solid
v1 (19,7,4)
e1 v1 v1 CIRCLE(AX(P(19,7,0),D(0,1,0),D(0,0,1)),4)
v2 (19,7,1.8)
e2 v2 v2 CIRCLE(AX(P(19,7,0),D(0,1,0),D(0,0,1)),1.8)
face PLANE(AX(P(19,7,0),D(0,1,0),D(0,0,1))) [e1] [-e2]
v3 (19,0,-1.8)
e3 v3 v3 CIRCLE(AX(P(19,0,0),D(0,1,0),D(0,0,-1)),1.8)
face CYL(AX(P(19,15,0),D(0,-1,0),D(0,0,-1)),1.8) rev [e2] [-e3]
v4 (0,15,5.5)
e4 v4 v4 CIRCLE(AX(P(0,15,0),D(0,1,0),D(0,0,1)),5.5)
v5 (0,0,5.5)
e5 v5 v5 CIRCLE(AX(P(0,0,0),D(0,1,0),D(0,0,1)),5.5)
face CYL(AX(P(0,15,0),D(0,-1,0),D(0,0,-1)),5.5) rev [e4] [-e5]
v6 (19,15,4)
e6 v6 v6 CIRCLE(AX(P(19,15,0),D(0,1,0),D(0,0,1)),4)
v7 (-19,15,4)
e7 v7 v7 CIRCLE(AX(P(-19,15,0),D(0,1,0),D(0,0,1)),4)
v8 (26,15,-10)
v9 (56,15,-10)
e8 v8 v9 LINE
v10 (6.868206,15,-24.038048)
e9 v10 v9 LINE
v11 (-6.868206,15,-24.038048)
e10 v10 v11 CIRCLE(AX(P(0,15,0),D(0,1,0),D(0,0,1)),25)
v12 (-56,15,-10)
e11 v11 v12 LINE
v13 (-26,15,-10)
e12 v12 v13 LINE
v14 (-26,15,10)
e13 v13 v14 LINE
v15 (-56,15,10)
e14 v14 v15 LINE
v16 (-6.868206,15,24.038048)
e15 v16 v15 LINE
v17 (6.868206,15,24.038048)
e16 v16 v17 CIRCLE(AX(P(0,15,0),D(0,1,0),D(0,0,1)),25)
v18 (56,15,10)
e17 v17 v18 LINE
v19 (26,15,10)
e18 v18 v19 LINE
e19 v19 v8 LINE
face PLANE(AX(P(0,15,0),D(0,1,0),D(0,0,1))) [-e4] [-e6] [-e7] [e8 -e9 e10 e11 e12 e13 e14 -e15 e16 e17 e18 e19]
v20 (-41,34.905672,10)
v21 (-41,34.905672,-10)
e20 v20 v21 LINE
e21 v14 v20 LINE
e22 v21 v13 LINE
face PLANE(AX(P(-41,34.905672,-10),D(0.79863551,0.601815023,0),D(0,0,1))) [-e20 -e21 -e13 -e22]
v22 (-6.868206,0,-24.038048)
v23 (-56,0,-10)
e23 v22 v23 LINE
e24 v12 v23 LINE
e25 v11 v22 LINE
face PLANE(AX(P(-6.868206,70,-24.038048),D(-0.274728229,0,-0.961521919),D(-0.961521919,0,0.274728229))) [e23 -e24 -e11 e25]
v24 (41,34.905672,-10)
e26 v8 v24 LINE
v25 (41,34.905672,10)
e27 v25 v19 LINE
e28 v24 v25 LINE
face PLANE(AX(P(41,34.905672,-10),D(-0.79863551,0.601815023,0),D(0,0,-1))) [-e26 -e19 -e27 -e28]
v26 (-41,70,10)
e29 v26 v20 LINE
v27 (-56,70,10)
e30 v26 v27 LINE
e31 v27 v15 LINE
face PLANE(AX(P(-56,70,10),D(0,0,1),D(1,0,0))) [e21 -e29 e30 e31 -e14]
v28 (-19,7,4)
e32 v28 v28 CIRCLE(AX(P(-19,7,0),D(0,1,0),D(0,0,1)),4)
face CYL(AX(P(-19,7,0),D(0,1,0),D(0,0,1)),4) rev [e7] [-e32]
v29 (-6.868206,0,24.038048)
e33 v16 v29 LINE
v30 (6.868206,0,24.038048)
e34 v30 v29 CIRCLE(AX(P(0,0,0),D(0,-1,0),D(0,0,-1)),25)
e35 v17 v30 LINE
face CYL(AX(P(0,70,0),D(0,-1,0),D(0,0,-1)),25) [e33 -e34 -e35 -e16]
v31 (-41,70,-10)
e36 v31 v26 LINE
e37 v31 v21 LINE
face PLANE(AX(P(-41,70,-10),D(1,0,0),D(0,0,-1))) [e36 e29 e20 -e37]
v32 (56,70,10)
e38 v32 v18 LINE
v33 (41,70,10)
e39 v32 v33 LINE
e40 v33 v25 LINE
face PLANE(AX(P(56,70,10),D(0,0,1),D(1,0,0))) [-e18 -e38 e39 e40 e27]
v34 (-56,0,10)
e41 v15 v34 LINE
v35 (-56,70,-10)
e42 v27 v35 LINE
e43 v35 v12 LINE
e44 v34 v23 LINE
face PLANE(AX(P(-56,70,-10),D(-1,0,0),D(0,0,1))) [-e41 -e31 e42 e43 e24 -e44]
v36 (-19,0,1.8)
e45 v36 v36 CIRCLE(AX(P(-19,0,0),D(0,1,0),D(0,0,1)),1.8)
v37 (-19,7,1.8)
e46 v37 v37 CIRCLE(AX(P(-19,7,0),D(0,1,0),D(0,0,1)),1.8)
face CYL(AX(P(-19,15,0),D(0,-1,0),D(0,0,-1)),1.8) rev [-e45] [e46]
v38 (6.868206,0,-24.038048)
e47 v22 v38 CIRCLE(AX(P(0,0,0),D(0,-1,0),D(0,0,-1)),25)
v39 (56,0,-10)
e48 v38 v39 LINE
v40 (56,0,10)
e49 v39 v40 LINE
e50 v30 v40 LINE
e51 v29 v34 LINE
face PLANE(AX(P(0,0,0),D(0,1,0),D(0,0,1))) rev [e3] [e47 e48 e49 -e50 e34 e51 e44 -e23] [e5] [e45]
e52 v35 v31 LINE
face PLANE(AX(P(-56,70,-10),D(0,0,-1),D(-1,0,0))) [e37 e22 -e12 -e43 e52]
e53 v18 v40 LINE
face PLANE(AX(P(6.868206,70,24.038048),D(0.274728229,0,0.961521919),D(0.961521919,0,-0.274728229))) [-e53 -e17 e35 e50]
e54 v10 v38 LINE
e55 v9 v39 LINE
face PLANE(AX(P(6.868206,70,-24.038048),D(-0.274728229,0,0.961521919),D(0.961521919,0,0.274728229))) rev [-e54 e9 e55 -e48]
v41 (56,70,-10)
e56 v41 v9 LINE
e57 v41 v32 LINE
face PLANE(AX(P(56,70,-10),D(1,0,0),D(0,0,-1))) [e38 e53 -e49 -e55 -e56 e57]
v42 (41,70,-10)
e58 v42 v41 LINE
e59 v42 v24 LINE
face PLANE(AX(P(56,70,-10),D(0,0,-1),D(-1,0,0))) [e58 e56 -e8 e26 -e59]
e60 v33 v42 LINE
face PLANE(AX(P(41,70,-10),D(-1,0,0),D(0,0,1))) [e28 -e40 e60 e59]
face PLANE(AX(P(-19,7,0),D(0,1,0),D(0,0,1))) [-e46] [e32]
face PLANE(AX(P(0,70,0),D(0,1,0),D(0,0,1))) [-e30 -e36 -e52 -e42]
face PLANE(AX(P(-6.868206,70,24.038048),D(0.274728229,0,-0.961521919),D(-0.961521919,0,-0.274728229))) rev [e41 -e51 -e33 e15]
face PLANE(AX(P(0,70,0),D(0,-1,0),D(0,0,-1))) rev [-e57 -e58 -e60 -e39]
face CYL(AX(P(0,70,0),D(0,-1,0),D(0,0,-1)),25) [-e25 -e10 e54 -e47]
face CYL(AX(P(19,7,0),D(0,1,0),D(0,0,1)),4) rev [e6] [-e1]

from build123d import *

# Parameters (mm, degrees)
SKETCH1_R               = 25
SKETCH1_R_2             = 1.8
SKETCH1_R_3             = 5.5
BOSS_EXTRUDE1_DEPTH     = 15
SKETCH2_R               = 4
CUT_EXTRUDE1_DEPTH      = 8
SKETCH3_W               = 82
SKETCH3_H               = 50
SKETCH3_R               = 24.5
BOSS_EXTRUDE2_DEPTH     = 15
SKETCH4_W               = 15
SKETCH4_H               = 20
BOSS_EXTRUDE3_DEPTH     = 70
CUT_EXTRUDE2_DEPTH      = 94.064493766
CUT_EXTRUDE2_DEPTH_BACK = 94.064493766
BOSS_EXTRUDE4_DEPTH     = 15
CHAMFER1_SIZE           = 15
CHAMFER1_SIZE2          = 19.905672324


with BuildPart() as part:
    # Sketch1 → Boss-Extrude1 (new body)
    with BuildSketch(Plane(origin=(0, 0, 0), x_dir=(1, 0, 0), z_dir=(0, 1, 0))):
        with Locations(Location((0, 0, 0), (0, 0, 270))):
            Circle(SKETCH1_R)
        with Locations(Location((-19, 0, 0), (0, 0, 270))):
            Circle(SKETCH1_R_2, mode=Mode.SUBTRACT)
        with Locations(Location((19, 0, 0), (0, 0, 90))):
            Circle(SKETCH1_R_2, mode=Mode.SUBTRACT)
        with Locations(Location((0, 0, 0), (0, 0, 270))):
            Circle(SKETCH1_R_3, mode=Mode.SUBTRACT)
    extrude(amount=BOSS_EXTRUDE1_DEPTH)

    # Sketch2 → Cut-Extrude1 (cut)
    with BuildSketch(Plane(origin=(0, 15, 0), x_dir=(1, 0, 0), z_dir=(0, 1, 0))):
        with Locations(Location((-19, 0, 0), (0, 0, 270))):
            Circle(SKETCH2_R)
        with Locations(Location((19, 0, 0), (0, 0, 270))):
            Circle(SKETCH2_R)
    extrude(amount=-CUT_EXTRUDE1_DEPTH, mode=Mode.SUBTRACT)

    # Sketch3 → Boss-Extrude2 (add)
    with BuildSketch(Plane.XZ):
        Rectangle(SKETCH3_W, SKETCH3_H)
        Circle(SKETCH3_R, mode=Mode.SUBTRACT)
    extrude(amount=-BOSS_EXTRUDE2_DEPTH)

    # Sketch4 → Boss-Extrude3 (add)
    with BuildSketch(Plane.XZ):
        with Locations((-48.5, 0)):
            Rectangle(SKETCH4_W, SKETCH4_H)
        with Locations((48.5, 0)):
            Rectangle(SKETCH4_W, SKETCH4_H)
    extrude(amount=-BOSS_EXTRUDE3_DEPTH)

    # Sketch5 → Cut-Extrude2 (cut, two sides: drawn at the far end of the back side and taken through both)
    with BuildSketch(Plane.XZ.offset(-CUT_EXTRUDE2_DEPTH_BACK)):
        Polygon((-41, -25), (-41, -14.285834105), (-56, -10), (-56, -25), align=None)
        with BuildLine():
            ThreePointArc((-2.6e-08, -25), (-3.467621731, -24.758344039), (-6.86820572, -24.03804797))
            Line((-6.86820572, -24.03804797), (-41, -14.285834105))
            Line((-41, -14.285834105), (-41, -25))
            Line((-41, -25), (-2.6e-08, -25))
        make_face()
        Polygon((-56, 25), (-56, 10), (-41, 14.285834105), (-41, 25), align=None)
        with BuildLine():
            Line((-41, 25), (-41, 14.285834105))
            Line((-41, 14.285834105), (-6.86820572, 24.03804797))
            ThreePointArc((-6.86820572, 24.03804797), (-3.467621732, 24.758344038), (-2.8e-08, 25))
            Line((-2.8e-08, 25), (-41, 25))
        make_face()
        with BuildLine():
            Line((41, 25), (-2.8e-08, 25))
            ThreePointArc((-2.8e-08, 25), (3.467621704, 24.758344042), (6.86820572, 24.03804797))
            Line((6.86820572, 24.03804797), (41, 14.285834105))
            Line((41, 14.285834105), (41, 25))
        make_face()
        with BuildLine():
            ThreePointArc((6.86820572, -24.03804797), (3.467621705, -24.758344042), (-2.6e-08, -25))
            Line((-2.6e-08, -25), (41, -25))
            Line((41, -25), (41, -14.285834105))
            Line((41, -14.285834105), (6.86820572, -24.03804797))
        make_face()
        Polygon((41, -14.285834105), (41, -25), (56, -25), (56, -10), align=None)
        Polygon((56, 25), (41, 25), (41, 14.285834105), (56, 10), align=None)
    extrude(amount=CUT_EXTRUDE2_DEPTH + CUT_EXTRUDE2_DEPTH_BACK, mode=Mode.SUBTRACT)

    # Sketch6 → Boss-Extrude4 (add)
    with BuildSketch(Plane.XZ):
        Polygon((-56, 10), (-41, 14.285834105), (-41, -14.285834105), (-56, -10), align=None)
        Polygon((41, 14.285834105), (56, 10), (56, -10), (41, -14.285834105), align=None)
    extrude(amount=-BOSS_EXTRUDE4_DEPTH)

    # Chamfer1
    chamfer1_edges = [part.edges().sort_by_distance(p)[0] for p in [
        (-41, 15, 0),
        (41, 15, 0),
    ]]
    chamfer1_side = [part.faces().sort_by_distance(p)[0] for p in [
        (0, 15, 23.773460151),
    ]]
    chamfer(chamfer1_edges, length=CHAMFER1_SIZE, length2=CHAMFER1_SIZE2, reference=chamfer1_side[0])


solid = part.part
